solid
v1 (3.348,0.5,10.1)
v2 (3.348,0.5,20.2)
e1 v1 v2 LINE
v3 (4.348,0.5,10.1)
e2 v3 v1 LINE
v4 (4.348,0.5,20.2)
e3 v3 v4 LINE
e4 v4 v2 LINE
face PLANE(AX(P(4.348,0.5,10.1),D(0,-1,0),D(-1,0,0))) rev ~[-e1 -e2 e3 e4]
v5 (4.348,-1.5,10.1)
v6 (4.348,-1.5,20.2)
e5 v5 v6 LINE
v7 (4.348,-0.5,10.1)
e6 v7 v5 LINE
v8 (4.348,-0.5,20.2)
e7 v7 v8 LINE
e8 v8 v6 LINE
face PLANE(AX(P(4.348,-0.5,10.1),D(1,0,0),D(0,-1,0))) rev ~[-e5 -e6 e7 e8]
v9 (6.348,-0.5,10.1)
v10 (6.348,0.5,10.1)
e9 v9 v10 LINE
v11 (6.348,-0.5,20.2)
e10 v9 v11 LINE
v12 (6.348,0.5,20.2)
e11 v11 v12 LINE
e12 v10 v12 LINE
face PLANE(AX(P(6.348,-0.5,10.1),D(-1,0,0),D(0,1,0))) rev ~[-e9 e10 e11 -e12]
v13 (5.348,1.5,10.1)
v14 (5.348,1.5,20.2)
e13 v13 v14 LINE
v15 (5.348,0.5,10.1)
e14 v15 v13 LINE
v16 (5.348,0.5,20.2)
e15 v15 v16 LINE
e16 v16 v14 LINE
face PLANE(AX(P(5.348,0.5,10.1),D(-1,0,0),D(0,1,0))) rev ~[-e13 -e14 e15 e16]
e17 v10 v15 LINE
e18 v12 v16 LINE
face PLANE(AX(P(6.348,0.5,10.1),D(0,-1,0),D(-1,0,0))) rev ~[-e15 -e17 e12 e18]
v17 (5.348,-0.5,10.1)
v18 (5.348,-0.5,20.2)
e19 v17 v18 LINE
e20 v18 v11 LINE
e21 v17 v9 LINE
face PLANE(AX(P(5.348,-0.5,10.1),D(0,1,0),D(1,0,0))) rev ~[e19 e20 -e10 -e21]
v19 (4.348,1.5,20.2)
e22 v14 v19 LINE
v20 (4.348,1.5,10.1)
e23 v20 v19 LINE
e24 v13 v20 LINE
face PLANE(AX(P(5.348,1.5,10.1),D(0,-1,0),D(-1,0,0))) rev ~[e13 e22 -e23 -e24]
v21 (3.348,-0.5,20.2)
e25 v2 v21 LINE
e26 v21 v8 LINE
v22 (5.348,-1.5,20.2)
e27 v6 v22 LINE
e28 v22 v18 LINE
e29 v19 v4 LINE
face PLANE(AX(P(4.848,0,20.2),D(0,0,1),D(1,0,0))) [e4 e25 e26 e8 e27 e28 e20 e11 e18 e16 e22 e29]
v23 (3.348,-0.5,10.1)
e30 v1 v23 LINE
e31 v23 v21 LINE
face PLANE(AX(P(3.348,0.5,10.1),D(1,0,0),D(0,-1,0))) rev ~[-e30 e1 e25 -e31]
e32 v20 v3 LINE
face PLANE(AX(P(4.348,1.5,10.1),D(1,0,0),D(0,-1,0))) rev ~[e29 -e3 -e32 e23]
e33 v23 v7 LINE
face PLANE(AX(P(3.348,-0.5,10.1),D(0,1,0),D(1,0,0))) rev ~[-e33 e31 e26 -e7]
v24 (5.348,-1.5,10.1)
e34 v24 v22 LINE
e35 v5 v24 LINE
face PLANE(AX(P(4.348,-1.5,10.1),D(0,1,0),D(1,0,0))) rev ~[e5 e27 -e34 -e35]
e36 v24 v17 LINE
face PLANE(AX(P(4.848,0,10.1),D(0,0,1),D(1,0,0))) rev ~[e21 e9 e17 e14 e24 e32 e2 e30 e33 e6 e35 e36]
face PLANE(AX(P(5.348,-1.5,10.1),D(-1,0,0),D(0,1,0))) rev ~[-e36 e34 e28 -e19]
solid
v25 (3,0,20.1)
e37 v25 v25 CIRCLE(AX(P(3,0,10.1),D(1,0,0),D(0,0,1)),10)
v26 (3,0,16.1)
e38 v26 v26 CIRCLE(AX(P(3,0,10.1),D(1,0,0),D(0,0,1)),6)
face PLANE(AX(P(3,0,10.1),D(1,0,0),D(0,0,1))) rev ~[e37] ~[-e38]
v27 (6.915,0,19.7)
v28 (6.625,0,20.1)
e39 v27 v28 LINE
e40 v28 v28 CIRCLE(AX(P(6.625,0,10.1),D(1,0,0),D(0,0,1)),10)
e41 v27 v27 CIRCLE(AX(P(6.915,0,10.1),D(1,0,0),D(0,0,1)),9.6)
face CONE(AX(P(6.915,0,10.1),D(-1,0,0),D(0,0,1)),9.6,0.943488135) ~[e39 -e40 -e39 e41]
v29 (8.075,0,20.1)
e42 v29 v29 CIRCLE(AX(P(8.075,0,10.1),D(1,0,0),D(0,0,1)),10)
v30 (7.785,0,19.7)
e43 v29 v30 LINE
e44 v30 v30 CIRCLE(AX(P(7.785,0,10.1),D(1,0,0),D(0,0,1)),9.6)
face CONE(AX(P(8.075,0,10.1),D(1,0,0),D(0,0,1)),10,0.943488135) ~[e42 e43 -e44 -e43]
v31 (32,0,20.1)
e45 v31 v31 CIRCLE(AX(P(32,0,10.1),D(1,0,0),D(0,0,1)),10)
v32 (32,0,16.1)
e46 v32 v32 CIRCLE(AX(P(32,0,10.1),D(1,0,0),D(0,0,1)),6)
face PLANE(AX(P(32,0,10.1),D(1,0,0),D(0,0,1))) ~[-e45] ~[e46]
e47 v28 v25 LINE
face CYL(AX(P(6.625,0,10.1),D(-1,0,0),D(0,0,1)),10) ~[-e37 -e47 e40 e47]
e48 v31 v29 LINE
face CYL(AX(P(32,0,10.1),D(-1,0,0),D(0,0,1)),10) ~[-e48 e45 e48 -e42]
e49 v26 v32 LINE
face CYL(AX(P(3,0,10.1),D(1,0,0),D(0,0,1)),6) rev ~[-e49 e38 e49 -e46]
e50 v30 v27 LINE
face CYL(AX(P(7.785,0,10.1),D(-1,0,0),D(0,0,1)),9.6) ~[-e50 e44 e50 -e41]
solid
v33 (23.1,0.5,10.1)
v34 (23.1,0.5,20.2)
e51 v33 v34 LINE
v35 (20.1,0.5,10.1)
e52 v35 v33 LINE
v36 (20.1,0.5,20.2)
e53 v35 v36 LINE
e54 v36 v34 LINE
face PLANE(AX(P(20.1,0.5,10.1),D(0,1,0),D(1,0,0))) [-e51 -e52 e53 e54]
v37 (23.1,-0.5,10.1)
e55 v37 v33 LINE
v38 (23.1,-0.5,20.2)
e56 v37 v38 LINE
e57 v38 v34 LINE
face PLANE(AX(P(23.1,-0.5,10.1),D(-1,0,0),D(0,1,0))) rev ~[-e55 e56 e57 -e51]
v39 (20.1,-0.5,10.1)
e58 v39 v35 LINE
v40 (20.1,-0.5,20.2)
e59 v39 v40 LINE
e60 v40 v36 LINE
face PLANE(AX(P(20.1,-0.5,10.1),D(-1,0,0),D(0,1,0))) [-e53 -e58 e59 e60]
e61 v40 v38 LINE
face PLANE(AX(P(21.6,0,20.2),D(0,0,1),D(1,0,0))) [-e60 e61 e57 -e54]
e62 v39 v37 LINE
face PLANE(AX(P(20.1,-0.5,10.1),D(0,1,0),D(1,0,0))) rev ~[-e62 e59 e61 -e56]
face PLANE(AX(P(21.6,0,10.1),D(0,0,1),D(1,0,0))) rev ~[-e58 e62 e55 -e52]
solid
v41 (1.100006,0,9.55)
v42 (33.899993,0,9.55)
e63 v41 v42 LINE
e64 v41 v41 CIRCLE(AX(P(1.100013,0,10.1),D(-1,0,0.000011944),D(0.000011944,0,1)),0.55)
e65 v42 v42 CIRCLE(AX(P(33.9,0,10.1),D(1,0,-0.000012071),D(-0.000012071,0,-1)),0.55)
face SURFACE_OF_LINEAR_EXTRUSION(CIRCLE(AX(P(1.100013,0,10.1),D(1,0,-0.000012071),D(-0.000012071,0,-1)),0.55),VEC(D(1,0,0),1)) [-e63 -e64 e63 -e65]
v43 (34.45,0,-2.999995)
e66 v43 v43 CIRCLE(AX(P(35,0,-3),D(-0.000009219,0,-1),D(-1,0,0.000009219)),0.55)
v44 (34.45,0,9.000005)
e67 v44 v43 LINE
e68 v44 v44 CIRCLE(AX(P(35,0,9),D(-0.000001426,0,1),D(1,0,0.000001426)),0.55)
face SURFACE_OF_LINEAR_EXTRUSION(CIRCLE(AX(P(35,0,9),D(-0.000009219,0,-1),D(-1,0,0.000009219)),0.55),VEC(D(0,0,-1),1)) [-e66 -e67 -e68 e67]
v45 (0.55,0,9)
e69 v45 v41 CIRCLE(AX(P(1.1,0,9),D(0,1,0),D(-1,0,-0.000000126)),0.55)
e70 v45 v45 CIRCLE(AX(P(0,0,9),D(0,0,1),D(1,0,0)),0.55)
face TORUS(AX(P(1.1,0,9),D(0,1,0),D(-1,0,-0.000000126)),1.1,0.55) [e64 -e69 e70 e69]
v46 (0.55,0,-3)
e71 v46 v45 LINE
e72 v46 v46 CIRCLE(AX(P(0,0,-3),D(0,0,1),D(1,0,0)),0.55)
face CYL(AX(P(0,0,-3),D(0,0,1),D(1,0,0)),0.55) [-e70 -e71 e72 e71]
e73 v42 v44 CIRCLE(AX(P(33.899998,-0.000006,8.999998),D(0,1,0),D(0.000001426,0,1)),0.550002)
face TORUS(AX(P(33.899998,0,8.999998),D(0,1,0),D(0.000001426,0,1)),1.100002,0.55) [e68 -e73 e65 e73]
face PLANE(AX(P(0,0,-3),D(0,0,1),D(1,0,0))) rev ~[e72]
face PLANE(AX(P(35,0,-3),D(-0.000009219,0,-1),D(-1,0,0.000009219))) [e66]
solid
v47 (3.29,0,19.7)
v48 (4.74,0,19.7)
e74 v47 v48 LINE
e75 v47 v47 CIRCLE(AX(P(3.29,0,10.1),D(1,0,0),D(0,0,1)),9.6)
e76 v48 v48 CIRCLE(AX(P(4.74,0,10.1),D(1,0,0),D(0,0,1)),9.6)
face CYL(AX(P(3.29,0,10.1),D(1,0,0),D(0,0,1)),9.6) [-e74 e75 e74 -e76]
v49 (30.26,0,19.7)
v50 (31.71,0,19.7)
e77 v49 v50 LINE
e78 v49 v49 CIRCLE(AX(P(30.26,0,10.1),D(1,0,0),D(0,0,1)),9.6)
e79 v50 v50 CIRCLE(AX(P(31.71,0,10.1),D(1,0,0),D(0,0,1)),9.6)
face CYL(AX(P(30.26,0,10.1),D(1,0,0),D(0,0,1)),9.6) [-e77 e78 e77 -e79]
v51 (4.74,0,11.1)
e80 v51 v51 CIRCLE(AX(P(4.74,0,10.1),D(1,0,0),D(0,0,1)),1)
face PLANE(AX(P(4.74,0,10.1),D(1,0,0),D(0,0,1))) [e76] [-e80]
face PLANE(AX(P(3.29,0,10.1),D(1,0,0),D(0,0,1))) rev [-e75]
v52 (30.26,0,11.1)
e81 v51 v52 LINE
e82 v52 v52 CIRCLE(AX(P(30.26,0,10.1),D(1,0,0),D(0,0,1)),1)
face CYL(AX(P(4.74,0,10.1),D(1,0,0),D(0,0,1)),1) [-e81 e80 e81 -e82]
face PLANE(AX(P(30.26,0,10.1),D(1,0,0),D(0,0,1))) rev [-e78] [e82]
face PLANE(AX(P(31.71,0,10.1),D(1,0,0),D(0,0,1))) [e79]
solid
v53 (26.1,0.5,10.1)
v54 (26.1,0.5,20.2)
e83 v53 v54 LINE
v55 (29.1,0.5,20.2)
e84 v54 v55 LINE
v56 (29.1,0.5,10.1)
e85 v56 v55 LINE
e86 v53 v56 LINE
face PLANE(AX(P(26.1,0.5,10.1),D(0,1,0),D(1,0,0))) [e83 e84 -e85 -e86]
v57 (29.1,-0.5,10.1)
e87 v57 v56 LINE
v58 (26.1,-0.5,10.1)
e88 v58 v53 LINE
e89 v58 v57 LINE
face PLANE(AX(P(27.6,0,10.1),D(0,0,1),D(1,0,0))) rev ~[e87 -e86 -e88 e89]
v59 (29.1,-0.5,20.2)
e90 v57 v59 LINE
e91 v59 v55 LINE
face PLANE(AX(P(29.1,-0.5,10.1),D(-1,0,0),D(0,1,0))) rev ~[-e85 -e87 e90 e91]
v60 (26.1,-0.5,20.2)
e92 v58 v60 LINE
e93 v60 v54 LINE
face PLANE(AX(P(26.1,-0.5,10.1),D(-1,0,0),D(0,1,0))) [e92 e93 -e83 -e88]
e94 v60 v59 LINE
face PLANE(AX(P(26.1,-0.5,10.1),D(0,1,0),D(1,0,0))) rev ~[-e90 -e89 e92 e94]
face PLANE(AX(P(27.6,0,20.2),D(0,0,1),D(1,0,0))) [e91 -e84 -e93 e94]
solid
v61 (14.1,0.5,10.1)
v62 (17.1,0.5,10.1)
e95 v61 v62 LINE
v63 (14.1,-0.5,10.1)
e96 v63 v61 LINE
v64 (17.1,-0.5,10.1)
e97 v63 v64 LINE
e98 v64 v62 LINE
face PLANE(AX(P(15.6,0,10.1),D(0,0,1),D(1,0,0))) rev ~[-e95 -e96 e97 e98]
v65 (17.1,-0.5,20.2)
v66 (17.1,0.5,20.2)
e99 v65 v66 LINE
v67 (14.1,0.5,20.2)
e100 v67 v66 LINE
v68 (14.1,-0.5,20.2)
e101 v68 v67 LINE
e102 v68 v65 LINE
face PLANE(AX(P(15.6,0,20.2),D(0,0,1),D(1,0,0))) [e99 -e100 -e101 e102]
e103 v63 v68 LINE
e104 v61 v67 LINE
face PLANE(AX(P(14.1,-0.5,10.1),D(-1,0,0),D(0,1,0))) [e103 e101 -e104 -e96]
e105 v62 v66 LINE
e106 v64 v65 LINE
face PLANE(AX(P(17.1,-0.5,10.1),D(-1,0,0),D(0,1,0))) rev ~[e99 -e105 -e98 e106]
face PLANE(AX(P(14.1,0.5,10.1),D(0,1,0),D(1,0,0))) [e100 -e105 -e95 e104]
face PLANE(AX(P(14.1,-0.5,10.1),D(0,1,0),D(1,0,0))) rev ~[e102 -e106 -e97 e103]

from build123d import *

# Parameters (mm, degrees)
SKETCH_R    = 0.55
SKETCH004_W = 3
SKETCH004_H = 1
PAD_DEPTH   = 10.1


with BuildPart() as sweep_body:
    # Sweep: sweep along a path in Sketch001
    with BuildLine(Plane.XZ) as sweep_path:
        Line((0, -3), (0, 9))
        ThreePointArc((0, 9), (0.322187, 9.777822), (1.100013, 10.1))
        Line((1.100013, 10.1), (33.9, 10.1))
        ThreePointArc((33.9, 10.1), (34.677817, 9.777817), (35, 9))
        Line((35, 9), (35, -3))
    # Sketch → Sweep (sweep)
    with BuildSketch(Plane.XY.offset(-2)):
        Circle(SKETCH_R)
    sweep(path=sweep_path.line)


with BuildPart() as revolution:
    # Sketch002 → Revolution (revolve)
    with BuildSketch(Plane.XZ):
        Polygon((3, 20.1), (3, 16.1), (32, 16.1), (32, 20.1), (8.075, 20.1), (7.785, 19.7), (6.915, 19.7), (6.625, 20.1), align=None)
    revolve(axis=Axis((6.97588, 0, 10.1), (1, 0, 0)))


with BuildPart() as revolution001:
    # Sketch003 → Revolution001 (revolve)
    with BuildSketch(Plane.XZ):
        Polygon((3.29, 19.7), (4.74, 19.7), (4.74, 11.1), (30.26, 11.1), (30.26, 19.7), (31.71, 19.7), (31.71, 10.1), (3.29, 10.1), align=None)
    revolve(axis=Axis((6.97588, 0, 10.1), (1, 0, 0)))


with BuildPart() as pad:
    # Sketch004 → Pad (new body)
    with BuildSketch(Plane.XY.offset(10.1)):
        with Locations((27.6, 0)):
            Rectangle(SKETCH004_W, SKETCH004_H)
        with Locations((21.6, 0)):
            Rectangle(SKETCH004_W, SKETCH004_H)
        with Locations((15.6, 0)):
            Rectangle(SKETCH004_W, SKETCH004_H)
        Polygon((4.348, 0.5), (3.348, 0.5), (3.348, -0.5), (4.348, -0.5), (4.348, -1.5), (5.348, -1.5), (5.348, -0.5), (6.348, -0.5), (6.348, 0.5), (5.348, 0.5), (5.348, 1.5), (4.348, 1.5), align=None)
    extrude(amount=PAD_DEPTH)


solid = Compound([sweep_body.part, revolution.part, revolution001.part, pad.part])
